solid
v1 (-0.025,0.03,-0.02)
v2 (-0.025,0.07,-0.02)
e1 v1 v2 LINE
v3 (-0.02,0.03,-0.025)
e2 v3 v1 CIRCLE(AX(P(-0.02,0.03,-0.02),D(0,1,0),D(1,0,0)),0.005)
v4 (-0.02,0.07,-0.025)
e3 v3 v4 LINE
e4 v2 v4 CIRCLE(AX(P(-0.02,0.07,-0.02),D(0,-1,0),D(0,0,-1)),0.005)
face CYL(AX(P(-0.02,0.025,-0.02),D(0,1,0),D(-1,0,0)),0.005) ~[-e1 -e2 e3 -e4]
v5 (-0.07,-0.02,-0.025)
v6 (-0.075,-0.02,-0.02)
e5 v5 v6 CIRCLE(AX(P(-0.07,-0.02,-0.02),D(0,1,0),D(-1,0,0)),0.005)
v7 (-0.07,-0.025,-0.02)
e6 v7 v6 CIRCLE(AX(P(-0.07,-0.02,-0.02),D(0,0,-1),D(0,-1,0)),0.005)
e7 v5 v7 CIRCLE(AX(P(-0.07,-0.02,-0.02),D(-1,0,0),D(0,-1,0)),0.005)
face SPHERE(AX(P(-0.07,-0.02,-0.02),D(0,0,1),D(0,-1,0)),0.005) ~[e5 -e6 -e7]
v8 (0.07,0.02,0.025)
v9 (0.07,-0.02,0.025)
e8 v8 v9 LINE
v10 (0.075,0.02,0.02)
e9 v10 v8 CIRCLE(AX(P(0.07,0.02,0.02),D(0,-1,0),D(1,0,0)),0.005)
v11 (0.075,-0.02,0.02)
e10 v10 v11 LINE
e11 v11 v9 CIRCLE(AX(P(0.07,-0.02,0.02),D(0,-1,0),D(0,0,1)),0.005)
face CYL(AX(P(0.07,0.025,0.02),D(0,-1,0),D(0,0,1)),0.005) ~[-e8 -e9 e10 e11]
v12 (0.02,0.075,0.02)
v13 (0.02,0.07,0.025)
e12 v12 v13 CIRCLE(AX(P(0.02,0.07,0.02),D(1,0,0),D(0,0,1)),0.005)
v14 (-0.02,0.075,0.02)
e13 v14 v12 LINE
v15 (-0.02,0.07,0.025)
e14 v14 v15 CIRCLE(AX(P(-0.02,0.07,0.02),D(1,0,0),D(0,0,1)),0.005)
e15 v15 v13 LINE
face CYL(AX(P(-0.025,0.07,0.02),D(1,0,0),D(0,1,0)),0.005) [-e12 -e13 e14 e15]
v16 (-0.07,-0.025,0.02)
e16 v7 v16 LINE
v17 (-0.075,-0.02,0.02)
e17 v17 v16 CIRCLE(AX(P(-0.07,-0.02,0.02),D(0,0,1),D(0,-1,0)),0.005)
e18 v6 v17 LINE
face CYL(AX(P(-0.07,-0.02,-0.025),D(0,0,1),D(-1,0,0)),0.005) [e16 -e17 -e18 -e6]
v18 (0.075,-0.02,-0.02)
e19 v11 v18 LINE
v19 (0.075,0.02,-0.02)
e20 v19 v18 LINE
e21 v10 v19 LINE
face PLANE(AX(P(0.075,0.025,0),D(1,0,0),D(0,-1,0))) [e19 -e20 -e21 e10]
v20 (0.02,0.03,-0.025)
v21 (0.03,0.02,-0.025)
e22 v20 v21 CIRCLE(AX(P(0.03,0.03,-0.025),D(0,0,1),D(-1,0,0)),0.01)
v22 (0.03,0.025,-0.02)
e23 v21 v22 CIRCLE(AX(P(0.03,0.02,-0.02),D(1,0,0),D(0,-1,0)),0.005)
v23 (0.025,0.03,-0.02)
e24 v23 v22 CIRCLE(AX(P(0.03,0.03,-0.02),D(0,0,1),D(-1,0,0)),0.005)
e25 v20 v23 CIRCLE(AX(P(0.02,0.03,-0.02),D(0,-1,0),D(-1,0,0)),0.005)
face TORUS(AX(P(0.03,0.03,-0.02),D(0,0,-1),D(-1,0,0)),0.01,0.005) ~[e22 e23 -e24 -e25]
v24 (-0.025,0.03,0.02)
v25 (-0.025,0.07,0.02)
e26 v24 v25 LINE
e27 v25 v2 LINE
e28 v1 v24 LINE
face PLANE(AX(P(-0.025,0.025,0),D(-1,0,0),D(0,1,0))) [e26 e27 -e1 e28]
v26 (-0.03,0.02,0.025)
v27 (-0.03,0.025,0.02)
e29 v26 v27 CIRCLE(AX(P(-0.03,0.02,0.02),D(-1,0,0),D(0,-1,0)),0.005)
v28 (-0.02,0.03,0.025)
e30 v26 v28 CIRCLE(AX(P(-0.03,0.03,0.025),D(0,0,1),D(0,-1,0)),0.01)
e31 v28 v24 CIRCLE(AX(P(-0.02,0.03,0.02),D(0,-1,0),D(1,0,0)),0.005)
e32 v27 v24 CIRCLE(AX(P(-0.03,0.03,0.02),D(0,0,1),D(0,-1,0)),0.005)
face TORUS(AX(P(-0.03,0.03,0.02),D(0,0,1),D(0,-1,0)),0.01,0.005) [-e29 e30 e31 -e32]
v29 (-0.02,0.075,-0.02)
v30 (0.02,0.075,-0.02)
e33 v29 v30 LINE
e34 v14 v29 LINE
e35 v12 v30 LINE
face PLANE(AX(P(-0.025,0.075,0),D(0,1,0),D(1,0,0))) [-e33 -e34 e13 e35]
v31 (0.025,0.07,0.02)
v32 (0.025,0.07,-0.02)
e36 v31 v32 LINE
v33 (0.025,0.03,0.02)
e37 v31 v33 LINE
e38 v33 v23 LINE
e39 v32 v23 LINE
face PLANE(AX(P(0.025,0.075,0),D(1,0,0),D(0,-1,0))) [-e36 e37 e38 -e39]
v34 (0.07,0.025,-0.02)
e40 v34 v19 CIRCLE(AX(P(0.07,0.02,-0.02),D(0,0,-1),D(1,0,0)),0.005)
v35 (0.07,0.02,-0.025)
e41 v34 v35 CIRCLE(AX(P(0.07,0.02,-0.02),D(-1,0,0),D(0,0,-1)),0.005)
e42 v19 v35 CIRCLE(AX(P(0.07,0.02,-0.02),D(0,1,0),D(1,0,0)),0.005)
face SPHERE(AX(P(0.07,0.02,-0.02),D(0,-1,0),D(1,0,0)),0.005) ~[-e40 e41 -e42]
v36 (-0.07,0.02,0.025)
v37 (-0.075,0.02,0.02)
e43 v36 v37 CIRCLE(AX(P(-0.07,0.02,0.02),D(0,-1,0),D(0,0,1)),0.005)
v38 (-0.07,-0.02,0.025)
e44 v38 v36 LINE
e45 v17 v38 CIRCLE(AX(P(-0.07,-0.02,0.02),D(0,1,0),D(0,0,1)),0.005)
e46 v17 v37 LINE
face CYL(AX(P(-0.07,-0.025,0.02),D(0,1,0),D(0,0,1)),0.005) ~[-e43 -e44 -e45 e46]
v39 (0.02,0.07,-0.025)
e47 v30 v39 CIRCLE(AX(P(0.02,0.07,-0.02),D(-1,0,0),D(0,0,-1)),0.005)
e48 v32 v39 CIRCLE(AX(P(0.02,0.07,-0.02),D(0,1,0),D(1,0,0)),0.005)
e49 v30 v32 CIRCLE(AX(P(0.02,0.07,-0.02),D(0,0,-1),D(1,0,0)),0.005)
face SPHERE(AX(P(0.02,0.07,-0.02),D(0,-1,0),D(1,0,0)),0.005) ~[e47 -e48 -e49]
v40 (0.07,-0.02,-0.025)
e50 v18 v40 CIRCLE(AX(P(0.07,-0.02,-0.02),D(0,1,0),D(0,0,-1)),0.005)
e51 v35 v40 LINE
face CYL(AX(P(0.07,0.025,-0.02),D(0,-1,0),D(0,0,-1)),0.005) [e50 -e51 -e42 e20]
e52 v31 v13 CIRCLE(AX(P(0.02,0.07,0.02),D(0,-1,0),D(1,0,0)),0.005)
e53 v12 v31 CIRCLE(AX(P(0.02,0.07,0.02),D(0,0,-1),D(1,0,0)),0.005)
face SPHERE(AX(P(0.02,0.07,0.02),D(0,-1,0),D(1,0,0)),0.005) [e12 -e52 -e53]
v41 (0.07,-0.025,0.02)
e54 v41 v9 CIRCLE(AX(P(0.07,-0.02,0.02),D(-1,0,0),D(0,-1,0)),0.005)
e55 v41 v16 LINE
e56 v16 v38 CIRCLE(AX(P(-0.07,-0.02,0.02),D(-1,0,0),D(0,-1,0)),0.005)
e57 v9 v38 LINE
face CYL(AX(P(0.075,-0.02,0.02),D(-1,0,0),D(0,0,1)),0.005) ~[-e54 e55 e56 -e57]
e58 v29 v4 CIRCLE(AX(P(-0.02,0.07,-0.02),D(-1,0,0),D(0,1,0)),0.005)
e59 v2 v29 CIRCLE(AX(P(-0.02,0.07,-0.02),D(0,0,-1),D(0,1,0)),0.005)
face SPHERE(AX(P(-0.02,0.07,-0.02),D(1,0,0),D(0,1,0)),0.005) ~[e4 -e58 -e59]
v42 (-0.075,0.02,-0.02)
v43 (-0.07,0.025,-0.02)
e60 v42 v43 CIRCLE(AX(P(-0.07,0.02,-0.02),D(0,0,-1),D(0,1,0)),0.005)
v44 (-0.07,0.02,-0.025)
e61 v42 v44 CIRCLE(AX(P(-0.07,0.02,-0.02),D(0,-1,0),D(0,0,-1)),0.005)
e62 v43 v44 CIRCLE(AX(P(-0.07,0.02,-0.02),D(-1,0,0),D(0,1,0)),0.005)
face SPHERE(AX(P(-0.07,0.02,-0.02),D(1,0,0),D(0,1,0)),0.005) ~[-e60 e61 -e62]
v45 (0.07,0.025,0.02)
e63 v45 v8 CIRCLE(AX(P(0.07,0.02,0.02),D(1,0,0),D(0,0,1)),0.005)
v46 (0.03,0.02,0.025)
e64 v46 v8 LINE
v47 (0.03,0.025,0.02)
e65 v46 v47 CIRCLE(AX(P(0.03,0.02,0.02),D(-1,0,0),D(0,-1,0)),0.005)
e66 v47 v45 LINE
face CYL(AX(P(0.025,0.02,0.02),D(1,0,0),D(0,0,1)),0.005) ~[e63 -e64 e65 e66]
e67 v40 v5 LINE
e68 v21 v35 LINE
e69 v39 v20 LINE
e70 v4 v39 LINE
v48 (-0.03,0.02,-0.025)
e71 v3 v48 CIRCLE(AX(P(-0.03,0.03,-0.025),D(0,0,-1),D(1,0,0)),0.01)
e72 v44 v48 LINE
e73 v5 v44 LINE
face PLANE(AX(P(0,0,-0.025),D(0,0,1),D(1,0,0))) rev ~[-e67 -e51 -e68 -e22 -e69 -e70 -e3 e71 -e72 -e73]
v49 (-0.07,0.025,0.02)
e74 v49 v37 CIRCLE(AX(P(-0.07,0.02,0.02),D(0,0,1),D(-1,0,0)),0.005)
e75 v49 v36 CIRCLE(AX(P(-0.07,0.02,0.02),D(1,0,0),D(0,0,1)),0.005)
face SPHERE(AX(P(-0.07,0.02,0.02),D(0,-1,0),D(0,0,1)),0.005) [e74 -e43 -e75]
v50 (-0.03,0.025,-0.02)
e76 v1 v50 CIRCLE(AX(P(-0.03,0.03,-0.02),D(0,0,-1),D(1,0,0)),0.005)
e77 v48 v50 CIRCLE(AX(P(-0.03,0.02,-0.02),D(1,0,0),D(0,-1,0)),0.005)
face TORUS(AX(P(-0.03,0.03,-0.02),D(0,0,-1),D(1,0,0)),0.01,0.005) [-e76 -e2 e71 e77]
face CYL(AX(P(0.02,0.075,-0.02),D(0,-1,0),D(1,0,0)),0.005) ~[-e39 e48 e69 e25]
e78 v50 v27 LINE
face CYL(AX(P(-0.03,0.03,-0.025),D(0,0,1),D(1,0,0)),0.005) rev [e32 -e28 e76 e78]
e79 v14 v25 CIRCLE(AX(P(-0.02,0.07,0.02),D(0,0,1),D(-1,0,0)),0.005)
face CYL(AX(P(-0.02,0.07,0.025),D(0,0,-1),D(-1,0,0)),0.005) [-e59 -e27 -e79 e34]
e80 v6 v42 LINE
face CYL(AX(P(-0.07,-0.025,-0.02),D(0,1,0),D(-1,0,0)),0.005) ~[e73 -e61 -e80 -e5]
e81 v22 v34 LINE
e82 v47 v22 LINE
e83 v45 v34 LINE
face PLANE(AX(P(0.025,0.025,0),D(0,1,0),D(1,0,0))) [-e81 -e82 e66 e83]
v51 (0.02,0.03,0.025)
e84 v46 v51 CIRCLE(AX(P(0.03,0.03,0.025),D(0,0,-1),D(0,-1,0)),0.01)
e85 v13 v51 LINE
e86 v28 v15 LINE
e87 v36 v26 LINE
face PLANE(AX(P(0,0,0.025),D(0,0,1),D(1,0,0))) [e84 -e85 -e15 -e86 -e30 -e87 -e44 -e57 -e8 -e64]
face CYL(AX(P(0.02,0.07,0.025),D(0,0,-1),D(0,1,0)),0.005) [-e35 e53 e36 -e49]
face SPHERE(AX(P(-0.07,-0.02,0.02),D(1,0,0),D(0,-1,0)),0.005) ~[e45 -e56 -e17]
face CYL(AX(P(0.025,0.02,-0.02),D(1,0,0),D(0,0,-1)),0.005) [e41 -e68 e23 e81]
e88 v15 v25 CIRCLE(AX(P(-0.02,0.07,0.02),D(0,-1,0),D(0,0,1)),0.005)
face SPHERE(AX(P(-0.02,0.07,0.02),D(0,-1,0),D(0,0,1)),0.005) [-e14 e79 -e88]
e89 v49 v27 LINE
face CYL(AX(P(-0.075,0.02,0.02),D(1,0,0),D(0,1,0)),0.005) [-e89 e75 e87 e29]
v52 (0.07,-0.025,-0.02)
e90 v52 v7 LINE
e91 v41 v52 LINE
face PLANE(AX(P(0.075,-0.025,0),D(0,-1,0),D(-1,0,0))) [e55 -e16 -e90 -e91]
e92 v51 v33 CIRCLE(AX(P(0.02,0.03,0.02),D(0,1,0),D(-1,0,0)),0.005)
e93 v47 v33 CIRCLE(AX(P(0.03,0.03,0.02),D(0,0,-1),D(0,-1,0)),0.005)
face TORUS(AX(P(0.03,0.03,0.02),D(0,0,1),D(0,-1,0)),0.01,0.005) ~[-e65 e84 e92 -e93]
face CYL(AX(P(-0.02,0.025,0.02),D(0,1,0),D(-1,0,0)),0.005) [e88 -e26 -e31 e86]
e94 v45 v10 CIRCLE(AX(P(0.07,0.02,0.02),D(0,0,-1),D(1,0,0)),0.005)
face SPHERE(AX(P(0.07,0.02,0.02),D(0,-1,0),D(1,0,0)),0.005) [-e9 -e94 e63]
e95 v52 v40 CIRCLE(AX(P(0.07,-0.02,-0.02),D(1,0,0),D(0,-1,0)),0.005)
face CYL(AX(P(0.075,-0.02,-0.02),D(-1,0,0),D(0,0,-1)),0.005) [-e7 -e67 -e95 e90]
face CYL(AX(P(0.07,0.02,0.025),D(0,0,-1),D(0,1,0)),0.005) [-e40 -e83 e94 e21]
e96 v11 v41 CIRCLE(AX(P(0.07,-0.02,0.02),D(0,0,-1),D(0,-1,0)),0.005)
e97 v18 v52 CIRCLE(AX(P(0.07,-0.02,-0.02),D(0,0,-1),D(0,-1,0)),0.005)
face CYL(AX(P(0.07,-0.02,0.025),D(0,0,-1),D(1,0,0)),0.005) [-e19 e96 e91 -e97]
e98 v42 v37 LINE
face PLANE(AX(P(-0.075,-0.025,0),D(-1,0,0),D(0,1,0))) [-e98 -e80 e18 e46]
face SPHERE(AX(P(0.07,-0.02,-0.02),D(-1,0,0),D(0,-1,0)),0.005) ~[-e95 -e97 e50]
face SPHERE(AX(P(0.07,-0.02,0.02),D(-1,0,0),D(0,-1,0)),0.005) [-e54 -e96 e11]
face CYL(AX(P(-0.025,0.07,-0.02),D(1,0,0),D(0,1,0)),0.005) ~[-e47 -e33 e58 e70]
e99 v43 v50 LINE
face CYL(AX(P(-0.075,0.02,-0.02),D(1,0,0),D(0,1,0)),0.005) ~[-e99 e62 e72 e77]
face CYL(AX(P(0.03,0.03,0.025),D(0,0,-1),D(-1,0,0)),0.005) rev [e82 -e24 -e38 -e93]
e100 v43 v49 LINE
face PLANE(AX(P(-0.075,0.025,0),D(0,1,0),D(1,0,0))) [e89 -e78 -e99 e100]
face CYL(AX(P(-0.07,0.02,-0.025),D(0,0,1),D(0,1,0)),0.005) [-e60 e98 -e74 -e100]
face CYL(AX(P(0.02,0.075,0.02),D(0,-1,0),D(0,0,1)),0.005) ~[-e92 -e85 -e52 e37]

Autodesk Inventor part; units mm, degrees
ref_plane "YZ Plane" through (0, 0, 0) normal (1, 0, 0) x (0, 1, 0)
ref_plane "XZ Plane" through (0, 0, 0) normal (0, 1, 0) x (-1, 0, 0)
ref_plane "XY Plane" through (0, 0, 0) normal (0, 0, 1) x (1, 0, 0)
sketch "Náčrt1" plane through (0, 0, 0) normal (0, 0, 1) x (1, 0, 0)
  line L0 (0, 0) -> (-0.025, 0) construction
  line L1 (-0.025, 0) -> (-0.025, 0.025) construction
  line L2 (-0.025, 0.025) -> (-0.025, 0.075)
  line L3 (-0.025, 0.075) -> (0.025, 0.075)
  line L4 (0.025, 0.075) -> (0.025, 0.025)
  line L5 (0.025, 0.025) -> (0.075, 0.025)
  line L6 (0.075, 0.025) -> (0.075, -0.025)
  line L7 (0.075, -0.025) -> (-0.075, -0.025)
  line L8 (-0.075, -0.025) -> (-0.075, 0.025)
  line L9 (-0.075, 0.025) -> (-0.025, 0.025)
  dimension "d0" = 0.025
  dimension "d1" = 0.025
  dimension "d2" = 90
  dimension "d3" = 0.05
  dimension "d4" = 0.05
  dimension "d5" = 0.05
  dimension "d6" = 0.05
  dimension "d7" = 0.05
  dimension "d8" = 0.15
  dimension "d9" = 0.05
extrude "Vysunutí1" add sketch "Náčrt1" along normal mid plane 0.05
fillet "Zaoblení1" radius 0.005 24 edges at (0, -0.025, 0.025) (-0.075, -0.025, 0) (0, -0.025, -0.025) (0.075, -0.025, 0) (0.075, 0, 0.025) (0.075, 0, -0.025) (0.075, 0.025, 0) (-0.075, 0, 0.025) (0.05, 0.025, 0.025) (0.025, 0.05, 0.025) (-0.05, 0.025, 0.025) (-0.025, 0.05, 0.025) (0.05, 0.025, -0.025) (0.025, 0.025, 0) (0.025, 0.05, -0.025) (0.025, 0.075, 0) (0, 0.075, -0.025) (0, 0.075, 0.025) (-0.025, 0.075, 0) (-0.025, 0.05, -0.025) (-0.05, 0.025, -0.025) (-0.075, 0.025, 0) (-0.075, 0, -0.025) (-0.025, 0.025, 0)
properties part number "tetris_t"
